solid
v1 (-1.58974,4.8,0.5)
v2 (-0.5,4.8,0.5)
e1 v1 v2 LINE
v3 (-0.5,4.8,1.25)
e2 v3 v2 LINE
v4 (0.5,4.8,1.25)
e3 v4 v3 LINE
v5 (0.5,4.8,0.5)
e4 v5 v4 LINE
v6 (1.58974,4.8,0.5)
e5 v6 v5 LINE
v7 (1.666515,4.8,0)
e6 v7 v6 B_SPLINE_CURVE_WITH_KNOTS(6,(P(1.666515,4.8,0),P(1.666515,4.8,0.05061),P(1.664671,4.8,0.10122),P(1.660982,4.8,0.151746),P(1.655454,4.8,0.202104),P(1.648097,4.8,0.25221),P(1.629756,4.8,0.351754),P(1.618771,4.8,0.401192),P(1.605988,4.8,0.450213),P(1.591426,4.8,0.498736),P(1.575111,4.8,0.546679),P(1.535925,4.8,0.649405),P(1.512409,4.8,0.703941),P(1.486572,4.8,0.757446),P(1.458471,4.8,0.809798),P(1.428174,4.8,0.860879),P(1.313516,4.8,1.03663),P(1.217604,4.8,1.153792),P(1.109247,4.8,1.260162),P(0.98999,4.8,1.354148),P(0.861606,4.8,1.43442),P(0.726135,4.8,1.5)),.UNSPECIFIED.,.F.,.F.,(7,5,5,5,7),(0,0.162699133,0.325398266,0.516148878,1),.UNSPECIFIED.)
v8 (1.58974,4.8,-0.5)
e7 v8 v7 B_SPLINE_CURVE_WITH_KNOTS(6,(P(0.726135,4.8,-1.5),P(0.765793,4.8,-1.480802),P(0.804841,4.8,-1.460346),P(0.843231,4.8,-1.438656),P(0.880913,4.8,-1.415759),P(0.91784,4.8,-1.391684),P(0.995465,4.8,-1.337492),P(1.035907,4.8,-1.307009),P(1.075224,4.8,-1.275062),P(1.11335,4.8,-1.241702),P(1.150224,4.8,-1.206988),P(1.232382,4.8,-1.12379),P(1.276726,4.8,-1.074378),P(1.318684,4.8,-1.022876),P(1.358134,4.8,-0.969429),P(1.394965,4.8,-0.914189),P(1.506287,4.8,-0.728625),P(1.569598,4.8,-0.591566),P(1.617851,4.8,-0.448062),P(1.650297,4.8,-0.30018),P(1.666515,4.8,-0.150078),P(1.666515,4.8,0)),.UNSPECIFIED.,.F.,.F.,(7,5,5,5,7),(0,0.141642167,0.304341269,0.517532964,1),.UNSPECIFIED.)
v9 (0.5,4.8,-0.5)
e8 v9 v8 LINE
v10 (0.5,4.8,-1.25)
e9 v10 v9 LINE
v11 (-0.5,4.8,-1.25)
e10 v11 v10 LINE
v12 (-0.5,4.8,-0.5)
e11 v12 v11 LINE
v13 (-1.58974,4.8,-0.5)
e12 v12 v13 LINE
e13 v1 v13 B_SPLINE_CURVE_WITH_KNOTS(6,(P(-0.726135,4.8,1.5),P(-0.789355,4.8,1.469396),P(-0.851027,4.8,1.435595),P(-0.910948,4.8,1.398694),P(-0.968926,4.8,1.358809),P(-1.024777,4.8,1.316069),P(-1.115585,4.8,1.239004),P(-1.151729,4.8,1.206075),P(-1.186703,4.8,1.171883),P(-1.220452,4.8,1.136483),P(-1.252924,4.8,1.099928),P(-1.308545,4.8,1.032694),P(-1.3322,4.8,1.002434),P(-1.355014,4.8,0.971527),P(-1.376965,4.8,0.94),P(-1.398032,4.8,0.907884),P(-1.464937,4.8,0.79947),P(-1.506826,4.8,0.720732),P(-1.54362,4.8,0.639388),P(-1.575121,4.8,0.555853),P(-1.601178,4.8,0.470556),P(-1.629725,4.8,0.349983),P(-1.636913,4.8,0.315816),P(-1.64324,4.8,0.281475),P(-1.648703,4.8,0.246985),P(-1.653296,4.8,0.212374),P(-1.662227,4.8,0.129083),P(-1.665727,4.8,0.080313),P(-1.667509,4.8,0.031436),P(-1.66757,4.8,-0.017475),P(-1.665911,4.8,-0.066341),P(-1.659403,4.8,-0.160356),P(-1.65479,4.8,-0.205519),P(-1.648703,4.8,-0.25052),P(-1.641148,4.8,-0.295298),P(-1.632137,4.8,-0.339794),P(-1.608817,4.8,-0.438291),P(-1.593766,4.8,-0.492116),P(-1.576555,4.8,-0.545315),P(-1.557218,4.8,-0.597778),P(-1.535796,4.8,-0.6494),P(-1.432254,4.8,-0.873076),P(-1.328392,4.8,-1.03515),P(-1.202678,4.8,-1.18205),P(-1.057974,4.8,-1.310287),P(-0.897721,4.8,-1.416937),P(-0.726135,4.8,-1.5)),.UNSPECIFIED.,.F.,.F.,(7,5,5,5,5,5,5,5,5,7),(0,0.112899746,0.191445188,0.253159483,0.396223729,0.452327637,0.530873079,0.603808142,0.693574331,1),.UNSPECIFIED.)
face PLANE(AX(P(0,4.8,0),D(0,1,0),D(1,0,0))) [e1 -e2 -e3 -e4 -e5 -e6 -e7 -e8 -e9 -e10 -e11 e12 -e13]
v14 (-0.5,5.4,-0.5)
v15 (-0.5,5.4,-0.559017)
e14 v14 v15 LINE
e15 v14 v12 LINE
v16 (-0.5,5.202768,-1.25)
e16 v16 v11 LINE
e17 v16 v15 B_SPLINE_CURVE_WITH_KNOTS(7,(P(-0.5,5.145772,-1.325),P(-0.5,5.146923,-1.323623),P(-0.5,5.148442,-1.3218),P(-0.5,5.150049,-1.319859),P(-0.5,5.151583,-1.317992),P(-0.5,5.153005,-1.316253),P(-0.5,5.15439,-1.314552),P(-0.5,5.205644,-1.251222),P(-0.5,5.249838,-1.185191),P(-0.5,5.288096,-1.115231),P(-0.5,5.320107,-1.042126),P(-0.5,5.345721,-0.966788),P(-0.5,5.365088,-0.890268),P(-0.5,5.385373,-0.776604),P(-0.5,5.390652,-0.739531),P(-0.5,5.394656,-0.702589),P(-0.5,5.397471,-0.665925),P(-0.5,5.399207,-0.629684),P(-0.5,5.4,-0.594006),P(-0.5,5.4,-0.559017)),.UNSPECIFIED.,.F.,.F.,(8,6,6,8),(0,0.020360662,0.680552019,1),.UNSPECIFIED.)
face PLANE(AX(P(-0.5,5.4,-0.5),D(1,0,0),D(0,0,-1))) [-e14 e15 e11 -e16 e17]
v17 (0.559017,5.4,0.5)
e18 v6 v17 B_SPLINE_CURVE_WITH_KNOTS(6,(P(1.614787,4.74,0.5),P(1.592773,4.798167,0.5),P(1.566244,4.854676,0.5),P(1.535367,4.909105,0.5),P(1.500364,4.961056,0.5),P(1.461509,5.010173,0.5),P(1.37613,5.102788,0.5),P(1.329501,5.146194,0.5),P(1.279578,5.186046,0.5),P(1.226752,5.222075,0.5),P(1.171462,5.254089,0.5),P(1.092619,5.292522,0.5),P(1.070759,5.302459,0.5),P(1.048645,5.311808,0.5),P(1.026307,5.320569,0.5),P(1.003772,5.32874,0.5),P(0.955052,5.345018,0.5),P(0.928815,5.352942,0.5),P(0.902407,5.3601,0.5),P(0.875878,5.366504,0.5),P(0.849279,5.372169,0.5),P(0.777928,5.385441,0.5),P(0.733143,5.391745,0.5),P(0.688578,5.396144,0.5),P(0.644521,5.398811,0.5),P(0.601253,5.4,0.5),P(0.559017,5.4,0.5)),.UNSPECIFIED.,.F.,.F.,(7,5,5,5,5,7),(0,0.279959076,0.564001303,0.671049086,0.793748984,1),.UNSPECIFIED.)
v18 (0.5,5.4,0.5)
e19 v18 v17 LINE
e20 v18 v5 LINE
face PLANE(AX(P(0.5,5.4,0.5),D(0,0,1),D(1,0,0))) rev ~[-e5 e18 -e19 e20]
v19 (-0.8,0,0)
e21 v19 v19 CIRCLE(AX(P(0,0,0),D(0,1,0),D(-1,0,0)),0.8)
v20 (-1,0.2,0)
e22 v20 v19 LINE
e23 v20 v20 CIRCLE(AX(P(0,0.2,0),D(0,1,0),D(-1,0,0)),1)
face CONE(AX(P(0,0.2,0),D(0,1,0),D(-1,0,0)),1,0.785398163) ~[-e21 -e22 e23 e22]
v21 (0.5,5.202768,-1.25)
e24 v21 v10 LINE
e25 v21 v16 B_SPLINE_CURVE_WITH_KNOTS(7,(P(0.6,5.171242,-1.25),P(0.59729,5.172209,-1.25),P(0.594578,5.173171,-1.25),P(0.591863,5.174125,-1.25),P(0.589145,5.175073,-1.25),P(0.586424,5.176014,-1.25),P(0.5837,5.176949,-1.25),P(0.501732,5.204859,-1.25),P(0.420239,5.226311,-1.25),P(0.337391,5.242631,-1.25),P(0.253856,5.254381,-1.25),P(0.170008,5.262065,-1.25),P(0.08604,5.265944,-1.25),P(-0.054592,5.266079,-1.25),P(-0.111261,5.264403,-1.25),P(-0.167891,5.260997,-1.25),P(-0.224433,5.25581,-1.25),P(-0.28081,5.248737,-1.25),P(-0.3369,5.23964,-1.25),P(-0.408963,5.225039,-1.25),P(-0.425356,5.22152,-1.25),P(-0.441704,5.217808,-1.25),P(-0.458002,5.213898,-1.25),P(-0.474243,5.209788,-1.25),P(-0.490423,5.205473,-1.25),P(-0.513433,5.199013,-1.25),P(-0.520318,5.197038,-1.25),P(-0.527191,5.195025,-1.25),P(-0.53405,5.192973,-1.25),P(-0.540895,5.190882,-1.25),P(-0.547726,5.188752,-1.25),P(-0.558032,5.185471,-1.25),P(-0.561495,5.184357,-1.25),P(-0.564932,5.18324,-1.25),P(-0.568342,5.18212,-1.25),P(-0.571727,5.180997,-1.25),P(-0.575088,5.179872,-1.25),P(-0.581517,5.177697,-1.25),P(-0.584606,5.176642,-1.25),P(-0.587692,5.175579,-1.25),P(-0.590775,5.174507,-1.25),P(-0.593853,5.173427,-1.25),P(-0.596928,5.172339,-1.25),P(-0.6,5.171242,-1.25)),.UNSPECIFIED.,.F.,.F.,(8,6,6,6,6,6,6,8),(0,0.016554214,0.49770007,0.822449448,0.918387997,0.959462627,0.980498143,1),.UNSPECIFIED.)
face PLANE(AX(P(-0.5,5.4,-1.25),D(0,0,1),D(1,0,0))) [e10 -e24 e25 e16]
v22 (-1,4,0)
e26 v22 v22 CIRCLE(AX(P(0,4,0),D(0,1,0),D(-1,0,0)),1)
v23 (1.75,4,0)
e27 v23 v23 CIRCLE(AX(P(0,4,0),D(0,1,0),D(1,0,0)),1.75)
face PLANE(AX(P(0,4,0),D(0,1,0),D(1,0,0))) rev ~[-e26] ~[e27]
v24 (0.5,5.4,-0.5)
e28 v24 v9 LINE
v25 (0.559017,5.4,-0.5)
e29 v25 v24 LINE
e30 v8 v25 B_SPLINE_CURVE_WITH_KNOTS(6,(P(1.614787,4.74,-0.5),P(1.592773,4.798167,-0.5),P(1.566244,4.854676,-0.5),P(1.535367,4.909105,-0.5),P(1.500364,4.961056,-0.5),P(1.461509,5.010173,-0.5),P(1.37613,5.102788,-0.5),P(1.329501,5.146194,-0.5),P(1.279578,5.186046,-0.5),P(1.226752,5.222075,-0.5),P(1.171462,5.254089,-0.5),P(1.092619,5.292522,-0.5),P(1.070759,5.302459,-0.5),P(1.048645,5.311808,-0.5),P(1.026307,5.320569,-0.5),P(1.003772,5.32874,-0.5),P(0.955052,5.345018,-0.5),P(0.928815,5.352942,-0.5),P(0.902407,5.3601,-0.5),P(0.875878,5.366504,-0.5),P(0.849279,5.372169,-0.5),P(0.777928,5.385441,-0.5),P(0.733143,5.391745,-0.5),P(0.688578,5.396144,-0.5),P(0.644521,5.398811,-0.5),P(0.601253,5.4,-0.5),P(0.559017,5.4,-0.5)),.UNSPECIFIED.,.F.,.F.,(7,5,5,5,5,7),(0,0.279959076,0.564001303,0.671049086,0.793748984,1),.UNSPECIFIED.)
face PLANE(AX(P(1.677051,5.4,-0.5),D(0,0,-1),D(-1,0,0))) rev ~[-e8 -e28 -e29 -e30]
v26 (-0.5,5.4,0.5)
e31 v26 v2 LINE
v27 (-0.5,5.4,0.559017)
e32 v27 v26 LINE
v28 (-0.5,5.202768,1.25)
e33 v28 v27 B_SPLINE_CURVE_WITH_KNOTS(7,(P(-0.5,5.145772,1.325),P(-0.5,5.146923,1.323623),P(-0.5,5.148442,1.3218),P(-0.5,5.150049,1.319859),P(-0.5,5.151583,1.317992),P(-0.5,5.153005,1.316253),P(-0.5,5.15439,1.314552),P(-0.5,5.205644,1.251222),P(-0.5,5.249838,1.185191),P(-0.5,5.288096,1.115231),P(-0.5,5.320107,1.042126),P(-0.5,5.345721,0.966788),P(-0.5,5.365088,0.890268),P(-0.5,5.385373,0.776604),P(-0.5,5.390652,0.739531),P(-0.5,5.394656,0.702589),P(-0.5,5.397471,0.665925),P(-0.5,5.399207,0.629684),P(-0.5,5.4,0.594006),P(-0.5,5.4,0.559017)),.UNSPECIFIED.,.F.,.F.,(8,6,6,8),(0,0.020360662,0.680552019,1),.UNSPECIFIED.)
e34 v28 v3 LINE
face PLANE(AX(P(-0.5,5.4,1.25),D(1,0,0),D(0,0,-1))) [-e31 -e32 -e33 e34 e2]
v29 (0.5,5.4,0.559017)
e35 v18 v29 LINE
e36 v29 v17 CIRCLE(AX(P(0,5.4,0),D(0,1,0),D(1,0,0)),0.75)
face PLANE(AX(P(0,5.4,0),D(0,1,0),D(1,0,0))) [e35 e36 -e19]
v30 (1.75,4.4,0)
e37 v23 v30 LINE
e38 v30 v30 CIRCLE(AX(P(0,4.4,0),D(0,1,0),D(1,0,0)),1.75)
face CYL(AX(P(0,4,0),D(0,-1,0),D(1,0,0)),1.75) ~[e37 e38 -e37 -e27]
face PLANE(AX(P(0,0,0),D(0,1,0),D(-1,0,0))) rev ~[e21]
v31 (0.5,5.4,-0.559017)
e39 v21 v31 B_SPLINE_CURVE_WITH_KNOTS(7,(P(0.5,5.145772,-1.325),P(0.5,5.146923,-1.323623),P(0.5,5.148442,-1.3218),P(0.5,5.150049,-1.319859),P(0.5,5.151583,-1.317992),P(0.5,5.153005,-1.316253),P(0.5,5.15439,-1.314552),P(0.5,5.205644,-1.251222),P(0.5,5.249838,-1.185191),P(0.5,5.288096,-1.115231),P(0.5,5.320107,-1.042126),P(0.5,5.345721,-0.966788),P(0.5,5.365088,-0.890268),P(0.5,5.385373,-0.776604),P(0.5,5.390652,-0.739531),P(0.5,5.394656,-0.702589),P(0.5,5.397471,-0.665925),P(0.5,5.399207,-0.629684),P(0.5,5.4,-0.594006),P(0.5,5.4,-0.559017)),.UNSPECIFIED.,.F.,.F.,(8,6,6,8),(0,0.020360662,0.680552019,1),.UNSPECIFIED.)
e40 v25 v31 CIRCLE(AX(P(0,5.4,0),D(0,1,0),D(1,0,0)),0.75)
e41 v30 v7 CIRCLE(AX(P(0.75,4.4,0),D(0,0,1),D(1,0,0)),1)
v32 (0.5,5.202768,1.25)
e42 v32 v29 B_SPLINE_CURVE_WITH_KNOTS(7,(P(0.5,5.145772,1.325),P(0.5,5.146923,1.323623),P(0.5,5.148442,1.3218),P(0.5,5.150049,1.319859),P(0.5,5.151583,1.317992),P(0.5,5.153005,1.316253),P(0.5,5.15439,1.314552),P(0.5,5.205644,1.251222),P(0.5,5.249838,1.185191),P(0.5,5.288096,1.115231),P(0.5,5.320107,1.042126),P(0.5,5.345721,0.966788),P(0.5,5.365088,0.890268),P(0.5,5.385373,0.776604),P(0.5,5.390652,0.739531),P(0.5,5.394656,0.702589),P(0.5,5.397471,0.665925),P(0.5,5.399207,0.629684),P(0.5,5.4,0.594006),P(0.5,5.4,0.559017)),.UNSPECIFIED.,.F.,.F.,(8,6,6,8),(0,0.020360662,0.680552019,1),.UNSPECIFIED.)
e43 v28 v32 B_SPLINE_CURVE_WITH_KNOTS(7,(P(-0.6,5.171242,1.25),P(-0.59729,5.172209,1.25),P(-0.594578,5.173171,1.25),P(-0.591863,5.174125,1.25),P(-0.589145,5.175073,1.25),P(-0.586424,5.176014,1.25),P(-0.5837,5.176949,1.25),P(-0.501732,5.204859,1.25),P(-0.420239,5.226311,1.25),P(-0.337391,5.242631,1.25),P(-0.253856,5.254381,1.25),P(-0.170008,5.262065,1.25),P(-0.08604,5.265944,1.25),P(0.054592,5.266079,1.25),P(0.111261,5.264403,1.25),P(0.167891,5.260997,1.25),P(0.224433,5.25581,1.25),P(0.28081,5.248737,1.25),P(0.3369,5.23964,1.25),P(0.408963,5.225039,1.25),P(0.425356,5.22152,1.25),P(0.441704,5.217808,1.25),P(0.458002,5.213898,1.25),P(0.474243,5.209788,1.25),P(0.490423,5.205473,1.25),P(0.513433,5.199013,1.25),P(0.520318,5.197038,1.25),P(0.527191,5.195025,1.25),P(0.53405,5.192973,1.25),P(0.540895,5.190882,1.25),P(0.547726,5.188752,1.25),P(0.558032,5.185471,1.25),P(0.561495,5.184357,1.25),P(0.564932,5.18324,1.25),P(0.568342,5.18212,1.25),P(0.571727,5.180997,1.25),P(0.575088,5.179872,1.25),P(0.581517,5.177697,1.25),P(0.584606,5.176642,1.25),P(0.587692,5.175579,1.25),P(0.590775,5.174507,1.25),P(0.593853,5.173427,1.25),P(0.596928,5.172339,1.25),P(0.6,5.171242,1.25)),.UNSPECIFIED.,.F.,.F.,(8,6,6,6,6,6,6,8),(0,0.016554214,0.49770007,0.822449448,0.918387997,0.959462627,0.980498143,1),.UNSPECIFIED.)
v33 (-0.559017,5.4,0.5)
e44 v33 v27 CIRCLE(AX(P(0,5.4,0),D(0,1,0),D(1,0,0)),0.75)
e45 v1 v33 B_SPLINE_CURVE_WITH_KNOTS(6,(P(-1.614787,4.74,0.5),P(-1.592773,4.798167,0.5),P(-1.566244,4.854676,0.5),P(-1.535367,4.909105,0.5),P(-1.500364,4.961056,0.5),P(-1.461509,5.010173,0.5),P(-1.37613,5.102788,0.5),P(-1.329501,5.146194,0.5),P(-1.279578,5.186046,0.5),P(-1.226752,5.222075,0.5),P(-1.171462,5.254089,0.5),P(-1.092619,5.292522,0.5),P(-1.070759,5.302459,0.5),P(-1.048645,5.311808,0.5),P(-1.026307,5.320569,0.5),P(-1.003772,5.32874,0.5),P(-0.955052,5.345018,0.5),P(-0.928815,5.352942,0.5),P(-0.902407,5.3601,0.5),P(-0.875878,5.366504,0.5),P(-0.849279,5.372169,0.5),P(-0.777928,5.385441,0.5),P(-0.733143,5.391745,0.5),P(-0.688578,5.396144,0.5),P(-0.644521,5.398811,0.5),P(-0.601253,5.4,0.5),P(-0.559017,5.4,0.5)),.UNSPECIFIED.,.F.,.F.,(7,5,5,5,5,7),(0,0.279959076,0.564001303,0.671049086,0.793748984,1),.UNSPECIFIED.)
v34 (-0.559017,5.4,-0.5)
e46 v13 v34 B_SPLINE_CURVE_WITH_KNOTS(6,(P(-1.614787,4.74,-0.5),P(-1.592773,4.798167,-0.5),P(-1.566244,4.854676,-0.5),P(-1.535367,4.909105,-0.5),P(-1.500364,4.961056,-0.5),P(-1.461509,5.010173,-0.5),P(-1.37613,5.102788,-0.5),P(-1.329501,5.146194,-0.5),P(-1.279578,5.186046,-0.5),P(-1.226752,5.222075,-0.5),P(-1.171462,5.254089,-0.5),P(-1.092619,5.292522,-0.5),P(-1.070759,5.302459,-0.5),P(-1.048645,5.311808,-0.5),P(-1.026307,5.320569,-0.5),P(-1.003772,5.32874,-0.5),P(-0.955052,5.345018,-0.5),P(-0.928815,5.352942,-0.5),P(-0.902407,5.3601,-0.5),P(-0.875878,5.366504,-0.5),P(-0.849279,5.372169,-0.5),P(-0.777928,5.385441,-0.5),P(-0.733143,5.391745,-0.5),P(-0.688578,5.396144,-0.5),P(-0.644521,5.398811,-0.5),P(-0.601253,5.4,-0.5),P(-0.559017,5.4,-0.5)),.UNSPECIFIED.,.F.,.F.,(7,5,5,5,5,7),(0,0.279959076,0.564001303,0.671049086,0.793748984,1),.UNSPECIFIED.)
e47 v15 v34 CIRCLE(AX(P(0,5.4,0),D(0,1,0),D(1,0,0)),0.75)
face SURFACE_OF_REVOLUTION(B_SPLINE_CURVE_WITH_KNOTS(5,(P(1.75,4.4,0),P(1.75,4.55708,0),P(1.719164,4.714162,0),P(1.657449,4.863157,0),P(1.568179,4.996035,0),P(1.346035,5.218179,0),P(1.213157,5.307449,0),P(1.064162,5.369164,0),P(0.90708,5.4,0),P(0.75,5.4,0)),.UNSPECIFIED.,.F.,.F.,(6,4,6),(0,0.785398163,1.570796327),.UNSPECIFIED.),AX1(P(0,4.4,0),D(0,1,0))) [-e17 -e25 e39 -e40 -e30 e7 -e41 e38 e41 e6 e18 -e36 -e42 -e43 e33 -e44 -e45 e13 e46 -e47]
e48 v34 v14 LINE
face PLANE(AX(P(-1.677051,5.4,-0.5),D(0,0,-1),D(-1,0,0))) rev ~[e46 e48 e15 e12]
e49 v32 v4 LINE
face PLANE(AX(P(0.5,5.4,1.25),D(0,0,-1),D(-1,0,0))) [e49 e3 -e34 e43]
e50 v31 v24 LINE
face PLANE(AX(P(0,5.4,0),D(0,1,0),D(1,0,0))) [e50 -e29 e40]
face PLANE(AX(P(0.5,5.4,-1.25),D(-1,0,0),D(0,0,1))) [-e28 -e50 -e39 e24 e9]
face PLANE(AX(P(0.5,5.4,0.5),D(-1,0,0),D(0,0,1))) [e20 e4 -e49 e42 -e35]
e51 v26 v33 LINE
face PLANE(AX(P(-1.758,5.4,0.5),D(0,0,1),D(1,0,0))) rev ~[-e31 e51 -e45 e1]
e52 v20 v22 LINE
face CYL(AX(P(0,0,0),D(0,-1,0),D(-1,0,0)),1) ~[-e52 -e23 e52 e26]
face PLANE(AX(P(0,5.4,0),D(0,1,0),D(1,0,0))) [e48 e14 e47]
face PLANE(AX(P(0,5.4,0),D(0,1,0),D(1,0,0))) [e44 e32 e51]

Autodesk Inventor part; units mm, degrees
ref_plane "YZ Plane" through (0, 0, 0) normal (1, 0, 0) x (0, 1, 0)
ref_plane "XZ Plane" through (0, 0, 0) normal (0, 1, 0) x (-1, 0, 0)
ref_plane "XY Plane" through (0, 0, 0) normal (0, 0, 1) x (1, 0, 0)
sketch "Sketch1" plane through (0, 0, 0) normal (0, 1, 0) x (-1, 0, 0)
  circle A0 centre (0, 0) radius 1
  dimension "d0" = 2
extrude "Extrusion1" add sketch "Sketch1" along normal blind 4
sketch "Sketch2" plane through (0, 4, 0) normal (0, 1, 0) x (1, 0, 0)
  circle A0 centre (0, 0) radius 1.75
  dimension "d3" = 3.5
extrude "Extrusion2" add sketch "Sketch2" along normal blind 1.4
thread "Thread2" size "M2x0.4" class "6g" standard "ANSI Metric M Profile" full length
chamfer "Chamfer2" distance 0.2 angle 45 1 edges at (1, 0, 0)
fillet "Fillet2" radius 1 1 edges at (-1.75, 5.4, 0)
sketch "Sketch4" plane through (0, 5.4, 0) normal (0, 1, 0) x (1, 0, 0)
  line L0 (-1.758, -0.5) -> (1.758, -0.5)
  line L1 (1.758, -0.5) -> (1.758, 0.5)
  line L2 (1.758, 0.5) -> (-1.758, 0.5)
  line L3 (-1.758, 0.5) -> (-1.758, -0.5)
  line L4 (-1.758, -0.5) -> (1.758, 0.5) construction
  line L5 (1.758, -0.5) -> (-1.758, 0.5) construction
  line L6 (-0.5, -1.25) -> (-0.5, 1.25)
  line L7 (-0.5, 1.25) -> (0.5, 1.25)
  line L8 (0.5, 1.25) -> (0.5, -1.25)
  line L9 (0.5, -1.25) -> (-0.5, -1.25)
  circle A0 centre (0, 0) radius 1.75 projected
  line L10 (-0.5, -1.25) -> (0.5, 1.25) construction
  line L11 (-0.5, 1.25) -> (0.5, -1.25) construction
  dimension "d23" = 1
  dimension "d24" = 2.5
  dimension "d25" = 1
extrude "Extrusion4" cut sketch "Sketch4" against normal blind 0.6 contours L3 L2 A0 L0 | A0 L2 L6 L0 | L6 L2 L8 L0 | L0 L8 L9 L6 | A0 L2 L1 L0 | L0 L8 L2 A0 | L6 L7 L8 L2
properties part number "M3x10 Screw Nylon" material "Steel"
